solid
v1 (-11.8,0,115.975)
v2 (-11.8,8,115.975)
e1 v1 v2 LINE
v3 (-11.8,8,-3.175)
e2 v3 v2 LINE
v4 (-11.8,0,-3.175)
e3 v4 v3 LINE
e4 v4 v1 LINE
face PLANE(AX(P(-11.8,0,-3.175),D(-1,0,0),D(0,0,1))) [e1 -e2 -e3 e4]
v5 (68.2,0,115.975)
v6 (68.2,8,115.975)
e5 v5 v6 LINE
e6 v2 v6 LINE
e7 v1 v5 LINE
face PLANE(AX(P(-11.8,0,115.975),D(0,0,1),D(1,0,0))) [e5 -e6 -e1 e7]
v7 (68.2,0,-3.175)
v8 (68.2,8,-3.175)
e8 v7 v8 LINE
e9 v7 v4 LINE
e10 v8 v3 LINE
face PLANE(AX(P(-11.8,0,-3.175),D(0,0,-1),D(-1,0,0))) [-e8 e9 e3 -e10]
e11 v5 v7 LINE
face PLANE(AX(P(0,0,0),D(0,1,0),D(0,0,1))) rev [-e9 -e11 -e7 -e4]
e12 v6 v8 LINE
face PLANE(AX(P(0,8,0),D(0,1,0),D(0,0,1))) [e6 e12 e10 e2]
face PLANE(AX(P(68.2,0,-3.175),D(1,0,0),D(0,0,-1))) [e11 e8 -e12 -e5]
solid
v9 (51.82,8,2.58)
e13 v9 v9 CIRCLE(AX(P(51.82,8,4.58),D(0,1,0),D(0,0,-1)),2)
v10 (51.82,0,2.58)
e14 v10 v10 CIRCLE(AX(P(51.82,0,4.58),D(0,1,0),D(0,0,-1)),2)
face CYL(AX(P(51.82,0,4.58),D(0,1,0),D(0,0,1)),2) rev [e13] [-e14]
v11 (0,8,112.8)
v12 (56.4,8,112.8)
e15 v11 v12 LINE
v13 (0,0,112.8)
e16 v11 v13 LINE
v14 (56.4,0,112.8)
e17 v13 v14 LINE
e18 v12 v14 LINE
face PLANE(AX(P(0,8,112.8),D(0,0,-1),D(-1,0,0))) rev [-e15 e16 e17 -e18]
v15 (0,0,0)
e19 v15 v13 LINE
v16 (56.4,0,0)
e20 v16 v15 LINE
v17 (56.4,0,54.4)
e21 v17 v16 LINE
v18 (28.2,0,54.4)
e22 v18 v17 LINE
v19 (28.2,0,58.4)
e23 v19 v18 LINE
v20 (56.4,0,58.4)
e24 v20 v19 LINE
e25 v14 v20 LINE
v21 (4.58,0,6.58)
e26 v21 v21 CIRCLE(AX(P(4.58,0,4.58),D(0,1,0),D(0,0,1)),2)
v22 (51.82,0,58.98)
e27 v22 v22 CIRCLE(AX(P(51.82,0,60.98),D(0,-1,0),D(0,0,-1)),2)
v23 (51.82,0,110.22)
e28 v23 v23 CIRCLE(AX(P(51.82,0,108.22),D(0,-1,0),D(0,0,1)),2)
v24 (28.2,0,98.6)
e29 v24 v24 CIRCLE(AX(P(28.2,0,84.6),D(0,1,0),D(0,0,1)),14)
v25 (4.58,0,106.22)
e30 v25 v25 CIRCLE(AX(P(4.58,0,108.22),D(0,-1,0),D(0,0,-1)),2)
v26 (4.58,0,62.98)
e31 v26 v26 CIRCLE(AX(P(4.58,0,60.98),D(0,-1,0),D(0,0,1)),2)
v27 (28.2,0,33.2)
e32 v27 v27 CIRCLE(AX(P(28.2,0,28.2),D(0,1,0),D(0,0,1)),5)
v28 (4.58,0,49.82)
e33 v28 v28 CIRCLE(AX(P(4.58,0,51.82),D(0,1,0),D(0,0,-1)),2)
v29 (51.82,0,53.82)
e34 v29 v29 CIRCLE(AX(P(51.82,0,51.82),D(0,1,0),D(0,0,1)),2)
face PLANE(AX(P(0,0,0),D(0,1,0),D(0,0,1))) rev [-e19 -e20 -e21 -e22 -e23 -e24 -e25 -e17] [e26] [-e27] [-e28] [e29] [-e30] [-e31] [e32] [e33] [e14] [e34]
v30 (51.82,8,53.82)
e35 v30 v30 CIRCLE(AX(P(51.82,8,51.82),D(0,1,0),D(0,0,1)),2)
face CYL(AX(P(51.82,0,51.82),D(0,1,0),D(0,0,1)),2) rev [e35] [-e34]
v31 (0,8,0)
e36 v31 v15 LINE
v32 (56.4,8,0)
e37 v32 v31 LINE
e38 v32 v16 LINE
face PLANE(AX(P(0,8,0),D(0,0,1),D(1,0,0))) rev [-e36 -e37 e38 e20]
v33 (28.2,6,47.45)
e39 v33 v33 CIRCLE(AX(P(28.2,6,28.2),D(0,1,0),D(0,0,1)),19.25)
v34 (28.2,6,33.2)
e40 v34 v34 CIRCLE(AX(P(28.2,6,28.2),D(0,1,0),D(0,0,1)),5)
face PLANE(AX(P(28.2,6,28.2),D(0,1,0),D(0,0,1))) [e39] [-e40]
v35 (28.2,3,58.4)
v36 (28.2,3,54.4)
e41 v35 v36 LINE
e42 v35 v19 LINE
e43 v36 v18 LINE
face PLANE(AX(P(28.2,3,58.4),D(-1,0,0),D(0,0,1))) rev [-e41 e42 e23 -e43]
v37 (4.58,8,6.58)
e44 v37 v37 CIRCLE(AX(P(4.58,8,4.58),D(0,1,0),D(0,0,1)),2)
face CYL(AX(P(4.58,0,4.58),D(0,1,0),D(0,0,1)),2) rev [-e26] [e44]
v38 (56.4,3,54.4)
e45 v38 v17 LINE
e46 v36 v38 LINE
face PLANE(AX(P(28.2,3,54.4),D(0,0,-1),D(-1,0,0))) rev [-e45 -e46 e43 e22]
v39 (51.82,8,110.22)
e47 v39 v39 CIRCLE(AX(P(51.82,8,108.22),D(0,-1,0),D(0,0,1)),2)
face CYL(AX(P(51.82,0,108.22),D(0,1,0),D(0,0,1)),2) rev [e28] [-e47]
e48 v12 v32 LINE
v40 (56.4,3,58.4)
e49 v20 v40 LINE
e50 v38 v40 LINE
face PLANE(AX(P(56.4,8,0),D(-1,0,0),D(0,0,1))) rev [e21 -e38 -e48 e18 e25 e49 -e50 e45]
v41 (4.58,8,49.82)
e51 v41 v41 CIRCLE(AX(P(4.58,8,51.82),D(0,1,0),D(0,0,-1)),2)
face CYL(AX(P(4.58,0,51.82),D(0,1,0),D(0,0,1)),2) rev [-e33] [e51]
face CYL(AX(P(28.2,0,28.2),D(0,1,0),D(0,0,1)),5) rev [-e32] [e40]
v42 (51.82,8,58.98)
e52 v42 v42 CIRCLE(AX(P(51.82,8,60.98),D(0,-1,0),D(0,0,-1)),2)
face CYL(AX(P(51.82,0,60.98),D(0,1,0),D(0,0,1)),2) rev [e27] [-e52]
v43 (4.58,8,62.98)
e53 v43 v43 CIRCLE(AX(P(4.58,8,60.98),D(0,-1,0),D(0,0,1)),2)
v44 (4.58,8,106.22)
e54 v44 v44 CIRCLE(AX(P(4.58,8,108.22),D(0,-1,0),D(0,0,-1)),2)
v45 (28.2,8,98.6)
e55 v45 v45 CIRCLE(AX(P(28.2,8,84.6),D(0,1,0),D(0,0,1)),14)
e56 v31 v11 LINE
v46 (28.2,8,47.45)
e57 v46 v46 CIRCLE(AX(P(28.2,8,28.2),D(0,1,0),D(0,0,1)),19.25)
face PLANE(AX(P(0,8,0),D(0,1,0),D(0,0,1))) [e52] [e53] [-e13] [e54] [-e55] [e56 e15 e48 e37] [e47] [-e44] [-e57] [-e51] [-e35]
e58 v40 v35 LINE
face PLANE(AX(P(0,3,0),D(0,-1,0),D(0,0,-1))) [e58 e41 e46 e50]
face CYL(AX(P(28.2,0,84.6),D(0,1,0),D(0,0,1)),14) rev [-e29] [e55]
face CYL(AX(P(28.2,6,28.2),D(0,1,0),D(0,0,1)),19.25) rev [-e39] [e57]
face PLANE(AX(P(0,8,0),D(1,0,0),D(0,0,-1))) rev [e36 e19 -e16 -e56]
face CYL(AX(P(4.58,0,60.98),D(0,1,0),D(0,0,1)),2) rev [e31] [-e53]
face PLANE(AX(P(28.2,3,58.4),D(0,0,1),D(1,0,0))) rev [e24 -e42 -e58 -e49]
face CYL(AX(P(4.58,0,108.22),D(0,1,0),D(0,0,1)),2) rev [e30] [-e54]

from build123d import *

# Parameters (mm, degrees)
SKETCH1_W           = 56.4
SKETCH1_H           = 112.8
BOSS_EXTRUDE1_DEPTH = 8
SKETCH2_R           = 19.25
CUT_EXTRUDE1_DEPTH  = 2
SKETCH3_R           = 5
CUT_EXTRUDE2_DEPTH  = 127.256881001
SKETCH4_R           = 2
CUT_EXTRUDE3_DEPTH  = 127.367717396
SKETCH5_R           = 14
CUT_EXTRUDE4_DEPTH  = 127.367717396
SKETCH6_W           = 80
SKETCH6_H           = 119.15
BOSS_EXTRUDE2_DEPTH = 8
SKETCH9_W           = 29
SKETCH9_H           = 4
CUT_EXTRUDE5_DEPTH  = 3


with BuildPart() as part:
    # Sketch1 → Boss-Extrude1 (new body)
    with BuildSketch(Plane(origin=(0, 0, 0), x_dir=(1, 0, 0), z_dir=(0, 1, 0))):
        with Locations((28.2, -56.4)):
            Rectangle(SKETCH1_W, SKETCH1_H)
    extrude(amount=BOSS_EXTRUDE1_DEPTH)

    # Sketch2 → Cut-Extrude1 (cut)
    with BuildSketch(Plane(origin=(0, 8, 0), x_dir=(1, 0, 0), z_dir=(0, 1, 0))):
        with Locations((28.2, -28.2)):
            Circle(SKETCH2_R)
    extrude(amount=-CUT_EXTRUDE1_DEPTH, mode=Mode.SUBTRACT)

    # Sketch3 → Cut-Extrude2 (cut, through all)
    with BuildSketch(Plane(origin=(0, 6, 0), x_dir=(1, 0, 0), z_dir=(0, 1, 0))):
        with Locations((28.2, -28.2)):
            Circle(SKETCH3_R)
    extrude(amount=-CUT_EXTRUDE2_DEPTH, mode=Mode.SUBTRACT)

    # Sketch4 → Cut-Extrude3 (cut, through all)
    with BuildSketch(Plane(origin=(0, 8, 0), x_dir=(1, 0, 0), z_dir=(0, 1, 0))):
        with Locations((4.58, -4.58)):
            Circle(SKETCH4_R)
        with Locations((51.82, -4.58)):
            Circle(SKETCH4_R)
        with Locations((51.82, -51.82)):
            Circle(SKETCH4_R)
        with Locations((4.58, -51.82)):
            Circle(SKETCH4_R)
    cut_extrude3 = extrude(amount=-CUT_EXTRUDE3_DEPTH, mode=Mode.SUBTRACT)

    # Sketch5 → Cut-Extrude4 (cut, through all)
    with BuildSketch(Plane(origin=(0, 8, 0), x_dir=(1, 0, 0), z_dir=(0, 1, 0))):
        with Locations((28.2, -84.6)):
            Circle(SKETCH5_R)
    extrude(amount=-CUT_EXTRUDE4_DEPTH, mode=Mode.SUBTRACT)

    # Mirror1: Cut-Extrude3 across plane
    add(cut_extrude3.mirror(Plane.XY.offset(56.4)), mode=Mode.SUBTRACT)

    # Sketch9 → Cut-Extrude5 (cut)
    with BuildSketch(Plane.XZ):
        with Locations((42.7, 56.4)):
            Rectangle(SKETCH9_W, SKETCH9_H)
    extrude(amount=-CUT_EXTRUDE5_DEPTH, mode=Mode.SUBTRACT)


with BuildPart() as body_2:
    # Sketch6 → Boss-Extrude2 (new body)
    with BuildSketch(Plane(origin=(0, 8, 0), x_dir=(1, 0, 0), z_dir=(0, 1, 0))):
        with Locations((28.2, -56.4)):
            Rectangle(SKETCH6_W, SKETCH6_H)
    extrude(amount=-BOSS_EXTRUDE2_DEPTH)


solid = Compound([part.part, body_2.part])
